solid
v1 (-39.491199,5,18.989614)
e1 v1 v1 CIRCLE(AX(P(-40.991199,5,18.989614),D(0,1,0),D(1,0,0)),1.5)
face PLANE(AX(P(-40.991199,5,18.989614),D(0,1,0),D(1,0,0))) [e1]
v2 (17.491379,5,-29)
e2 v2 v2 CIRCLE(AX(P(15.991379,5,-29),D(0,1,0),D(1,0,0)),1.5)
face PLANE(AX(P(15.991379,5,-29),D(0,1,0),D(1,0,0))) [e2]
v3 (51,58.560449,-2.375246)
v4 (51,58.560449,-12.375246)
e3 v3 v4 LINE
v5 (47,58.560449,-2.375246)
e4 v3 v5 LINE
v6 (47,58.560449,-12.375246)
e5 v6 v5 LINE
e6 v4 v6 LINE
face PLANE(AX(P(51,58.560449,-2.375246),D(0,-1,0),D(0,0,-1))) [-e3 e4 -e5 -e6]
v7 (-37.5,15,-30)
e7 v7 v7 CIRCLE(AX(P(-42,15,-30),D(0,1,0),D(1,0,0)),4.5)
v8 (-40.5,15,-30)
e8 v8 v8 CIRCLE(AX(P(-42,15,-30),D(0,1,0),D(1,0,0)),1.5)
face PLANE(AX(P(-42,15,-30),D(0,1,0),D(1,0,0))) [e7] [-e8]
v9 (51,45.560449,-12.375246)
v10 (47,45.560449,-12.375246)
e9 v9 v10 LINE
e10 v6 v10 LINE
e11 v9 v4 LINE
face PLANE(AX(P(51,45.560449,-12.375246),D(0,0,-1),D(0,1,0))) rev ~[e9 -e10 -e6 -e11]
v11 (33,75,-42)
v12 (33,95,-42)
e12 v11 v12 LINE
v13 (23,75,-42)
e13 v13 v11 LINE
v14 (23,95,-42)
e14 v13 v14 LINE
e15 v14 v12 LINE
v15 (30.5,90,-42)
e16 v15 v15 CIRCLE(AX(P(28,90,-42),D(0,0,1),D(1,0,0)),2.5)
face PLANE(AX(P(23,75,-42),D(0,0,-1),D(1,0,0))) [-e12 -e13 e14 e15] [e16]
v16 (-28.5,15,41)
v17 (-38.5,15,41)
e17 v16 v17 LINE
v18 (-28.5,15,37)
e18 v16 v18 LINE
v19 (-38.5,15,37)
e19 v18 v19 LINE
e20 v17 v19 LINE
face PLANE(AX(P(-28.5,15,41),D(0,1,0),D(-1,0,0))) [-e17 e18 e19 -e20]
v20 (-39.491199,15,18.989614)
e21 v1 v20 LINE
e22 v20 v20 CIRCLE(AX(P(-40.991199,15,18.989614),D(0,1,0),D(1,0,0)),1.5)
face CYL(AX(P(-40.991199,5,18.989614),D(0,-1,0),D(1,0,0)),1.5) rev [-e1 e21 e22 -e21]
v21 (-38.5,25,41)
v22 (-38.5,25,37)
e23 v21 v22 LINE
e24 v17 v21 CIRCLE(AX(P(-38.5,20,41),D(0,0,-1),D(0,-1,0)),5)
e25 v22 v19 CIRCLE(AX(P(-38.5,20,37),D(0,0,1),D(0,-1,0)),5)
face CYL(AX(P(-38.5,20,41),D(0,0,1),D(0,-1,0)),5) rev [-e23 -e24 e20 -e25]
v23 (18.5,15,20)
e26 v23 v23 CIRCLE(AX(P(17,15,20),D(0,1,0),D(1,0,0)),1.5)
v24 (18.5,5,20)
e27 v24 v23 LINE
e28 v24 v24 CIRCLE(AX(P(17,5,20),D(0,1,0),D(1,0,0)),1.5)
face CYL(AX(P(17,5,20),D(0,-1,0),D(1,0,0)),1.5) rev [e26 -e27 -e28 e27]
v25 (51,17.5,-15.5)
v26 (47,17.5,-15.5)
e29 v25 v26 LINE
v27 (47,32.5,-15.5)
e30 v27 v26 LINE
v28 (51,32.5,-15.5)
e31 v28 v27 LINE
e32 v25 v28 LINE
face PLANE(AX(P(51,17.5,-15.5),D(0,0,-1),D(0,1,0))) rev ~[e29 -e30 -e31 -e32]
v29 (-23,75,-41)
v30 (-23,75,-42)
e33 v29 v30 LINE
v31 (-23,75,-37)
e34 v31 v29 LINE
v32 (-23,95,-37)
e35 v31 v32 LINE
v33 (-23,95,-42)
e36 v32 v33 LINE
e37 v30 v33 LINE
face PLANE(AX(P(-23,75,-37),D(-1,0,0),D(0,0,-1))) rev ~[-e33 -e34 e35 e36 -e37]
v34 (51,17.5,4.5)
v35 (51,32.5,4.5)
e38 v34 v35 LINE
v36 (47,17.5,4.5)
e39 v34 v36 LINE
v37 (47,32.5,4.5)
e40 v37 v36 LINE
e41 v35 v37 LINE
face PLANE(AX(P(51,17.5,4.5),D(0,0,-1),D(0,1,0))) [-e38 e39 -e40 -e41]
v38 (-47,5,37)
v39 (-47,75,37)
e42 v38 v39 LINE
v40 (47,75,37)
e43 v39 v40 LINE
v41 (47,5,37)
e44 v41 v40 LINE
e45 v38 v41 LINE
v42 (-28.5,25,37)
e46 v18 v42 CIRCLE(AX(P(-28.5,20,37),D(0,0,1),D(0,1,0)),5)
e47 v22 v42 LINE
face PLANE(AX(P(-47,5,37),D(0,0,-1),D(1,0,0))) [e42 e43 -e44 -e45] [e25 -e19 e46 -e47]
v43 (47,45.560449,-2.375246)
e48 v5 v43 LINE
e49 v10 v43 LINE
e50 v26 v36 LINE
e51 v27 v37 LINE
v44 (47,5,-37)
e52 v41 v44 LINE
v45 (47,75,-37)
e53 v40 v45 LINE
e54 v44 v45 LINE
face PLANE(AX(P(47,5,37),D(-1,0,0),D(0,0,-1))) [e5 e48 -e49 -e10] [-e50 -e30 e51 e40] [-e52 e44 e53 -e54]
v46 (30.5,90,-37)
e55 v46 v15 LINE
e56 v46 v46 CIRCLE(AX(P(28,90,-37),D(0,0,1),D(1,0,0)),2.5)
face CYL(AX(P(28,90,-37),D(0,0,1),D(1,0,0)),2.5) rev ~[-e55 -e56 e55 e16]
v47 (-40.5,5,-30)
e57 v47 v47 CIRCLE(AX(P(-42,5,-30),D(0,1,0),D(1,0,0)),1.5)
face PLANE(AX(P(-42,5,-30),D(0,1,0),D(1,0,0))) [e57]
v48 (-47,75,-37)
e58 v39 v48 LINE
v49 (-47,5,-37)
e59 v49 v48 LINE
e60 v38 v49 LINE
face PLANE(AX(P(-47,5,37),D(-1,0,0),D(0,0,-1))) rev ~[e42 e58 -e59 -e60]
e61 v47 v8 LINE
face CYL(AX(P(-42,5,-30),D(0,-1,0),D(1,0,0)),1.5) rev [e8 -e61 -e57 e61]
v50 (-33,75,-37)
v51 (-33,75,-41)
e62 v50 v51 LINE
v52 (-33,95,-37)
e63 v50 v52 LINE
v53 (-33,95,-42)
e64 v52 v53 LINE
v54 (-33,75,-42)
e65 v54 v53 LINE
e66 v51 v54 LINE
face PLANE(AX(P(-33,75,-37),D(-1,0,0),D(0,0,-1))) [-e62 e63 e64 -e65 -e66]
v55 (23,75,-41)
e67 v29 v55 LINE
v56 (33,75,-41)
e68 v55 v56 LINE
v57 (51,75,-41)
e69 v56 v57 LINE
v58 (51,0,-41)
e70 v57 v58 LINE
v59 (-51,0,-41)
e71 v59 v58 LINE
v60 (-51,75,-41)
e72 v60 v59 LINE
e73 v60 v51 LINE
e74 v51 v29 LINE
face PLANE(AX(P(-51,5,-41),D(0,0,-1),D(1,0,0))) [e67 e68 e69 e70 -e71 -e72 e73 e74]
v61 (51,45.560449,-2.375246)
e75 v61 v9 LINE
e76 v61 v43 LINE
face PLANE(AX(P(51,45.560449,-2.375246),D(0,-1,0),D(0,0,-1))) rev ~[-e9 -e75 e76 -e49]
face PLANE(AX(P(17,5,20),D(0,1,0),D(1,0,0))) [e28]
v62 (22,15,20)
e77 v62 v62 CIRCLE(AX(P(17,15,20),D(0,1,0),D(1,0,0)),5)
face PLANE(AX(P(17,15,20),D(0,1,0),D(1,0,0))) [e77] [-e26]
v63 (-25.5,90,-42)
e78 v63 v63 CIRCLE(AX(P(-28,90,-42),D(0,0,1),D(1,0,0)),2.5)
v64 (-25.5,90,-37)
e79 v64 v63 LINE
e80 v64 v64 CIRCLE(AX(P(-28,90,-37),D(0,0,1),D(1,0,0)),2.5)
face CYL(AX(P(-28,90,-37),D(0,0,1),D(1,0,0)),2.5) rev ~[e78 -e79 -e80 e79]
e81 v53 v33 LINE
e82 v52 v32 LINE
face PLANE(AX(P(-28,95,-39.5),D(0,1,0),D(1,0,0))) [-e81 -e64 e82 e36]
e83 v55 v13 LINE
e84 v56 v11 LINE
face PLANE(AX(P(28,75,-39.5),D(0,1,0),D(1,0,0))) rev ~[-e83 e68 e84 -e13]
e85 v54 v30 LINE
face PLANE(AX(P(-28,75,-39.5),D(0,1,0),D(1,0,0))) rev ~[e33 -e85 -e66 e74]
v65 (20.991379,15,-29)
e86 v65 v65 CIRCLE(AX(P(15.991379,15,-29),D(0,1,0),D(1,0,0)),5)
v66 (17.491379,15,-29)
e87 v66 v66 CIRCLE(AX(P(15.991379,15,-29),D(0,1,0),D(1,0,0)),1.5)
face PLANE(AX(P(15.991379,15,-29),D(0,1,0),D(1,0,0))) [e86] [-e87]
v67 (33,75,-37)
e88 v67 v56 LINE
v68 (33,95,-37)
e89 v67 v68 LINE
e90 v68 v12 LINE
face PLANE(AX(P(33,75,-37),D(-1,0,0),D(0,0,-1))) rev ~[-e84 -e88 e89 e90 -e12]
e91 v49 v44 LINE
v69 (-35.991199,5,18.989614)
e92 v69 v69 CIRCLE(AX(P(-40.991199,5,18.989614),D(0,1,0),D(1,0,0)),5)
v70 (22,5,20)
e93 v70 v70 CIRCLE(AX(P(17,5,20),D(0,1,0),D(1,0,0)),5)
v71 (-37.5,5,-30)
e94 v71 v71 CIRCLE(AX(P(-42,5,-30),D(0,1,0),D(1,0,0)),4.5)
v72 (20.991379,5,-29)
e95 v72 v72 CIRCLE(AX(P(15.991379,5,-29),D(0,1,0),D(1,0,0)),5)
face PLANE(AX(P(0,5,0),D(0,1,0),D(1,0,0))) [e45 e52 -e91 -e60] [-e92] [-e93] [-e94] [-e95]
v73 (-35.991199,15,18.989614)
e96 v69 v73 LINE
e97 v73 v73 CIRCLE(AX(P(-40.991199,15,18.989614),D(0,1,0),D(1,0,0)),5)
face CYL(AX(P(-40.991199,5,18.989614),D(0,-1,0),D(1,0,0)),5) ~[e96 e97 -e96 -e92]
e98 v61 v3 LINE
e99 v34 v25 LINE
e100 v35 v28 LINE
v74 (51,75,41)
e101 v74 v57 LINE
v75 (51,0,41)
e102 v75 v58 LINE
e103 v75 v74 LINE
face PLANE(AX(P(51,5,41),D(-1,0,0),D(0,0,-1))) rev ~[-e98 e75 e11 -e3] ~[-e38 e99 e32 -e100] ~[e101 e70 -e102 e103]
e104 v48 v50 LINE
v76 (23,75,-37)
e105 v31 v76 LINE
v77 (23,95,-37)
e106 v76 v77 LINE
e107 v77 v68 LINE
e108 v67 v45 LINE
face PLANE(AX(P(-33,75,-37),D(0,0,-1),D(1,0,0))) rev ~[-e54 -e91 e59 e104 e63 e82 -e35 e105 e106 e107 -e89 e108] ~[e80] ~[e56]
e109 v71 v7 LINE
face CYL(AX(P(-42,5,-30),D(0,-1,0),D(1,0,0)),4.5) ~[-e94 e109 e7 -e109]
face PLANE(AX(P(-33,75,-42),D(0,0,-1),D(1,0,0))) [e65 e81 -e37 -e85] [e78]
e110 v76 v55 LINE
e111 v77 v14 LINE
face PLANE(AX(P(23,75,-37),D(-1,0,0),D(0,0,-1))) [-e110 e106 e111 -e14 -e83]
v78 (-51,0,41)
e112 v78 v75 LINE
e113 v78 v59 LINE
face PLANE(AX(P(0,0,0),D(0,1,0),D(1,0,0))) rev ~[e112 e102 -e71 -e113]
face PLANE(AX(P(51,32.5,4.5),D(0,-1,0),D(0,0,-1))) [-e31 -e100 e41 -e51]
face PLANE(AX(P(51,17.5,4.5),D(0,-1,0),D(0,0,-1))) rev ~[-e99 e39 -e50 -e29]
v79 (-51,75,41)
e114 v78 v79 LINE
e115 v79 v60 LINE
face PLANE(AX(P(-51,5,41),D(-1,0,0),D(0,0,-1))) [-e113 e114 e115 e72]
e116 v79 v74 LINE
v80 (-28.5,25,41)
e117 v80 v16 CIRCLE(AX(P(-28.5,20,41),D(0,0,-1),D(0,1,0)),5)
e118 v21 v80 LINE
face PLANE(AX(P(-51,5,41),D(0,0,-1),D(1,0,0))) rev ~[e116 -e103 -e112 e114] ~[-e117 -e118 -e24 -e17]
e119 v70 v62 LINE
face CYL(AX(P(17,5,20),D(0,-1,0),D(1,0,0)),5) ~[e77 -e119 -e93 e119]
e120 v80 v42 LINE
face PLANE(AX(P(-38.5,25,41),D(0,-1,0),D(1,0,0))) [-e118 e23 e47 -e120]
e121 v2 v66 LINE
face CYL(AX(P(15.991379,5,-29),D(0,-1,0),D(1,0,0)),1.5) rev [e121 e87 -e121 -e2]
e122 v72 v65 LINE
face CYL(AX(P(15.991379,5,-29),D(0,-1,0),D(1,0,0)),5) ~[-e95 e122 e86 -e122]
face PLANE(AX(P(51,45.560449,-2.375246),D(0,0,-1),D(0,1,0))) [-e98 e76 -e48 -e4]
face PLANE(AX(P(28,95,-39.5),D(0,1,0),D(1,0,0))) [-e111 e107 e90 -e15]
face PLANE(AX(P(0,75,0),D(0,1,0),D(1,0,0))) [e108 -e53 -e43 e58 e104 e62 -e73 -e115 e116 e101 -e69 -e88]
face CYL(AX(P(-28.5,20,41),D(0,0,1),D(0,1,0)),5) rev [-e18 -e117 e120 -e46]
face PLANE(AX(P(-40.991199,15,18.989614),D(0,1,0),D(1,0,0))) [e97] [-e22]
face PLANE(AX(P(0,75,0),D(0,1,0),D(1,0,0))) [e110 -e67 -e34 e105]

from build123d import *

# Parameters (mm, degrees)
SKETCH1_W           = 102
SKETCH1_H           = 82
BOSS_EXTRUDE1_DEPTH = 5
SKETCH2_W           = 102
SKETCH2_H           = 82
SKETCH2_W_2         = 94
SKETCH2_H_2         = 74
BOSS_EXTRUDE2_DEPTH = 70
CUT_EXTRUDE1_REACH  = 84
SKETCH9_W           = 20
SKETCH9_H           = 15
SKETCH9_W_2         = 10
SKETCH9_H_2         = 13
CUT_EXTRUDE7_DEPTH  = 10
SKETCH10_R          = 5
SKETCH10_R_2        = 4.5
BOSS_EXTRUDE5_DEPTH = 10
SKETCH11_R          = 1.5
CUT_EXTRUDE8_DEPTH  = 10
SKETCH13_W          = 10
SKETCH13_H          = 5
BOSS_EXTRUDE6_DEPTH = 20
SKETCH14_R          = 2.5
CUT_EXTRUDE9_DEPTH  = 10


with BuildPart() as part:
    # Sketch1 → Boss-Extrude1 (new body)
    with BuildSketch(Plane(origin=(0, 0, 0), x_dir=(1, 0, 0), z_dir=(0, 1, 0))):
        Rectangle(SKETCH1_W, SKETCH1_H)
    extrude(amount=BOSS_EXTRUDE1_DEPTH)

    # Sketch2 → Boss-Extrude2 (add)
    with BuildSketch(Plane(origin=(0, 5, 0), x_dir=(1, 0, 0), z_dir=(0, 1, 0))):
        Rectangle(SKETCH2_W, SKETCH2_H)
        Rectangle(SKETCH2_W_2, SKETCH2_H_2, mode=Mode.SUBTRACT)
    extrude(amount=BOSS_EXTRUDE2_DEPTH)

    # Sketch4 → Cut-Extrude1 (cut, up to next)
    with BuildSketch(Plane.XY.offset(41), mode=Mode.PRIVATE) as cut_extrude1_sk1:
        with BuildLine():
            Line((-38.5, 25), (-28.5, 25))
            ThreePointArc((-28.5, 25), (-23.5, 20), (-28.5, 15))
            Line((-28.5, 15), (-38.5, 15))
            ThreePointArc((-38.5, 15), (-43.5, 20), (-38.5, 25))
        make_face()
    cut_extrude1_tool1 = extrude(cut_extrude1_sk1.sketch, amount=-CUT_EXTRUDE1_REACH, mode=Mode.PRIVATE) & part.part
    add(cut_extrude1_tool1.solids().sort_by_distance((-33.5, 20, 41))[0], mode=Mode.SUBTRACT)

    # Sketch9 → Cut-Extrude7 (cut)
    with BuildSketch(Plane(origin=(51, 0, 0), x_dir=(0, 0, -1), z_dir=(1, 0, 0))):
        with Locations((5.5, 25)):
            Rectangle(SKETCH9_W, SKETCH9_H)
        with Locations((7.375245753, 52.06044871)):
            Rectangle(SKETCH9_W_2, SKETCH9_H_2)
    extrude(amount=-CUT_EXTRUDE7_DEPTH, mode=Mode.SUBTRACT)

    # Sketch10 → Boss-Extrude5 (add)
    with BuildSketch(Plane(origin=(0, 5, 0), x_dir=(1, 0, 0), z_dir=(0, 1, 0))):
        with Locations((17, -20)):
            Circle(SKETCH10_R)
        with Locations((-40.991198651, -18.989614408)):
            Circle(SKETCH10_R)
        with Locations((15.99137867, 29)):
            Circle(SKETCH10_R)
        with Locations((-42, 30)):
            Circle(SKETCH10_R_2)
    extrude(amount=BOSS_EXTRUDE5_DEPTH)

    # Sketch11 → Cut-Extrude8 (cut)
    with BuildSketch(Plane(origin=(0, 5, 0), x_dir=(1, 0, 0), z_dir=(0, 1, 0))):
        with Locations((-42, 30)):
            Circle(SKETCH11_R)
        with Locations((15.99137867, 29)):
            Circle(SKETCH11_R)
        with Locations((-40.991198651, -18.989614408)):
            Circle(SKETCH11_R)
        with Locations((17, -20)):
            Circle(SKETCH11_R)
    extrude(amount=CUT_EXTRUDE8_DEPTH, mode=Mode.SUBTRACT)

    # Sketch13 → Boss-Extrude6 (add)
    with BuildSketch(Plane(origin=(0, 75, 0), x_dir=(1, 0, 0), z_dir=(0, 1, 0))):
        with Locations((-28, 39.5)):
            Rectangle(SKETCH13_W, SKETCH13_H)
        with Locations((28, 39.5)):
            Rectangle(SKETCH13_W, SKETCH13_H)
    extrude(amount=BOSS_EXTRUDE6_DEPTH)

    # Sketch14 → Cut-Extrude9 (cut)
    with BuildSketch(Plane.XY.offset(-37)):
        with Locations((-28, 90)):
            Circle(SKETCH14_R)
        with Locations((28, 90)):
            Circle(SKETCH14_R)
    extrude(amount=-CUT_EXTRUDE9_DEPTH, mode=Mode.SUBTRACT)


solid = part.part
